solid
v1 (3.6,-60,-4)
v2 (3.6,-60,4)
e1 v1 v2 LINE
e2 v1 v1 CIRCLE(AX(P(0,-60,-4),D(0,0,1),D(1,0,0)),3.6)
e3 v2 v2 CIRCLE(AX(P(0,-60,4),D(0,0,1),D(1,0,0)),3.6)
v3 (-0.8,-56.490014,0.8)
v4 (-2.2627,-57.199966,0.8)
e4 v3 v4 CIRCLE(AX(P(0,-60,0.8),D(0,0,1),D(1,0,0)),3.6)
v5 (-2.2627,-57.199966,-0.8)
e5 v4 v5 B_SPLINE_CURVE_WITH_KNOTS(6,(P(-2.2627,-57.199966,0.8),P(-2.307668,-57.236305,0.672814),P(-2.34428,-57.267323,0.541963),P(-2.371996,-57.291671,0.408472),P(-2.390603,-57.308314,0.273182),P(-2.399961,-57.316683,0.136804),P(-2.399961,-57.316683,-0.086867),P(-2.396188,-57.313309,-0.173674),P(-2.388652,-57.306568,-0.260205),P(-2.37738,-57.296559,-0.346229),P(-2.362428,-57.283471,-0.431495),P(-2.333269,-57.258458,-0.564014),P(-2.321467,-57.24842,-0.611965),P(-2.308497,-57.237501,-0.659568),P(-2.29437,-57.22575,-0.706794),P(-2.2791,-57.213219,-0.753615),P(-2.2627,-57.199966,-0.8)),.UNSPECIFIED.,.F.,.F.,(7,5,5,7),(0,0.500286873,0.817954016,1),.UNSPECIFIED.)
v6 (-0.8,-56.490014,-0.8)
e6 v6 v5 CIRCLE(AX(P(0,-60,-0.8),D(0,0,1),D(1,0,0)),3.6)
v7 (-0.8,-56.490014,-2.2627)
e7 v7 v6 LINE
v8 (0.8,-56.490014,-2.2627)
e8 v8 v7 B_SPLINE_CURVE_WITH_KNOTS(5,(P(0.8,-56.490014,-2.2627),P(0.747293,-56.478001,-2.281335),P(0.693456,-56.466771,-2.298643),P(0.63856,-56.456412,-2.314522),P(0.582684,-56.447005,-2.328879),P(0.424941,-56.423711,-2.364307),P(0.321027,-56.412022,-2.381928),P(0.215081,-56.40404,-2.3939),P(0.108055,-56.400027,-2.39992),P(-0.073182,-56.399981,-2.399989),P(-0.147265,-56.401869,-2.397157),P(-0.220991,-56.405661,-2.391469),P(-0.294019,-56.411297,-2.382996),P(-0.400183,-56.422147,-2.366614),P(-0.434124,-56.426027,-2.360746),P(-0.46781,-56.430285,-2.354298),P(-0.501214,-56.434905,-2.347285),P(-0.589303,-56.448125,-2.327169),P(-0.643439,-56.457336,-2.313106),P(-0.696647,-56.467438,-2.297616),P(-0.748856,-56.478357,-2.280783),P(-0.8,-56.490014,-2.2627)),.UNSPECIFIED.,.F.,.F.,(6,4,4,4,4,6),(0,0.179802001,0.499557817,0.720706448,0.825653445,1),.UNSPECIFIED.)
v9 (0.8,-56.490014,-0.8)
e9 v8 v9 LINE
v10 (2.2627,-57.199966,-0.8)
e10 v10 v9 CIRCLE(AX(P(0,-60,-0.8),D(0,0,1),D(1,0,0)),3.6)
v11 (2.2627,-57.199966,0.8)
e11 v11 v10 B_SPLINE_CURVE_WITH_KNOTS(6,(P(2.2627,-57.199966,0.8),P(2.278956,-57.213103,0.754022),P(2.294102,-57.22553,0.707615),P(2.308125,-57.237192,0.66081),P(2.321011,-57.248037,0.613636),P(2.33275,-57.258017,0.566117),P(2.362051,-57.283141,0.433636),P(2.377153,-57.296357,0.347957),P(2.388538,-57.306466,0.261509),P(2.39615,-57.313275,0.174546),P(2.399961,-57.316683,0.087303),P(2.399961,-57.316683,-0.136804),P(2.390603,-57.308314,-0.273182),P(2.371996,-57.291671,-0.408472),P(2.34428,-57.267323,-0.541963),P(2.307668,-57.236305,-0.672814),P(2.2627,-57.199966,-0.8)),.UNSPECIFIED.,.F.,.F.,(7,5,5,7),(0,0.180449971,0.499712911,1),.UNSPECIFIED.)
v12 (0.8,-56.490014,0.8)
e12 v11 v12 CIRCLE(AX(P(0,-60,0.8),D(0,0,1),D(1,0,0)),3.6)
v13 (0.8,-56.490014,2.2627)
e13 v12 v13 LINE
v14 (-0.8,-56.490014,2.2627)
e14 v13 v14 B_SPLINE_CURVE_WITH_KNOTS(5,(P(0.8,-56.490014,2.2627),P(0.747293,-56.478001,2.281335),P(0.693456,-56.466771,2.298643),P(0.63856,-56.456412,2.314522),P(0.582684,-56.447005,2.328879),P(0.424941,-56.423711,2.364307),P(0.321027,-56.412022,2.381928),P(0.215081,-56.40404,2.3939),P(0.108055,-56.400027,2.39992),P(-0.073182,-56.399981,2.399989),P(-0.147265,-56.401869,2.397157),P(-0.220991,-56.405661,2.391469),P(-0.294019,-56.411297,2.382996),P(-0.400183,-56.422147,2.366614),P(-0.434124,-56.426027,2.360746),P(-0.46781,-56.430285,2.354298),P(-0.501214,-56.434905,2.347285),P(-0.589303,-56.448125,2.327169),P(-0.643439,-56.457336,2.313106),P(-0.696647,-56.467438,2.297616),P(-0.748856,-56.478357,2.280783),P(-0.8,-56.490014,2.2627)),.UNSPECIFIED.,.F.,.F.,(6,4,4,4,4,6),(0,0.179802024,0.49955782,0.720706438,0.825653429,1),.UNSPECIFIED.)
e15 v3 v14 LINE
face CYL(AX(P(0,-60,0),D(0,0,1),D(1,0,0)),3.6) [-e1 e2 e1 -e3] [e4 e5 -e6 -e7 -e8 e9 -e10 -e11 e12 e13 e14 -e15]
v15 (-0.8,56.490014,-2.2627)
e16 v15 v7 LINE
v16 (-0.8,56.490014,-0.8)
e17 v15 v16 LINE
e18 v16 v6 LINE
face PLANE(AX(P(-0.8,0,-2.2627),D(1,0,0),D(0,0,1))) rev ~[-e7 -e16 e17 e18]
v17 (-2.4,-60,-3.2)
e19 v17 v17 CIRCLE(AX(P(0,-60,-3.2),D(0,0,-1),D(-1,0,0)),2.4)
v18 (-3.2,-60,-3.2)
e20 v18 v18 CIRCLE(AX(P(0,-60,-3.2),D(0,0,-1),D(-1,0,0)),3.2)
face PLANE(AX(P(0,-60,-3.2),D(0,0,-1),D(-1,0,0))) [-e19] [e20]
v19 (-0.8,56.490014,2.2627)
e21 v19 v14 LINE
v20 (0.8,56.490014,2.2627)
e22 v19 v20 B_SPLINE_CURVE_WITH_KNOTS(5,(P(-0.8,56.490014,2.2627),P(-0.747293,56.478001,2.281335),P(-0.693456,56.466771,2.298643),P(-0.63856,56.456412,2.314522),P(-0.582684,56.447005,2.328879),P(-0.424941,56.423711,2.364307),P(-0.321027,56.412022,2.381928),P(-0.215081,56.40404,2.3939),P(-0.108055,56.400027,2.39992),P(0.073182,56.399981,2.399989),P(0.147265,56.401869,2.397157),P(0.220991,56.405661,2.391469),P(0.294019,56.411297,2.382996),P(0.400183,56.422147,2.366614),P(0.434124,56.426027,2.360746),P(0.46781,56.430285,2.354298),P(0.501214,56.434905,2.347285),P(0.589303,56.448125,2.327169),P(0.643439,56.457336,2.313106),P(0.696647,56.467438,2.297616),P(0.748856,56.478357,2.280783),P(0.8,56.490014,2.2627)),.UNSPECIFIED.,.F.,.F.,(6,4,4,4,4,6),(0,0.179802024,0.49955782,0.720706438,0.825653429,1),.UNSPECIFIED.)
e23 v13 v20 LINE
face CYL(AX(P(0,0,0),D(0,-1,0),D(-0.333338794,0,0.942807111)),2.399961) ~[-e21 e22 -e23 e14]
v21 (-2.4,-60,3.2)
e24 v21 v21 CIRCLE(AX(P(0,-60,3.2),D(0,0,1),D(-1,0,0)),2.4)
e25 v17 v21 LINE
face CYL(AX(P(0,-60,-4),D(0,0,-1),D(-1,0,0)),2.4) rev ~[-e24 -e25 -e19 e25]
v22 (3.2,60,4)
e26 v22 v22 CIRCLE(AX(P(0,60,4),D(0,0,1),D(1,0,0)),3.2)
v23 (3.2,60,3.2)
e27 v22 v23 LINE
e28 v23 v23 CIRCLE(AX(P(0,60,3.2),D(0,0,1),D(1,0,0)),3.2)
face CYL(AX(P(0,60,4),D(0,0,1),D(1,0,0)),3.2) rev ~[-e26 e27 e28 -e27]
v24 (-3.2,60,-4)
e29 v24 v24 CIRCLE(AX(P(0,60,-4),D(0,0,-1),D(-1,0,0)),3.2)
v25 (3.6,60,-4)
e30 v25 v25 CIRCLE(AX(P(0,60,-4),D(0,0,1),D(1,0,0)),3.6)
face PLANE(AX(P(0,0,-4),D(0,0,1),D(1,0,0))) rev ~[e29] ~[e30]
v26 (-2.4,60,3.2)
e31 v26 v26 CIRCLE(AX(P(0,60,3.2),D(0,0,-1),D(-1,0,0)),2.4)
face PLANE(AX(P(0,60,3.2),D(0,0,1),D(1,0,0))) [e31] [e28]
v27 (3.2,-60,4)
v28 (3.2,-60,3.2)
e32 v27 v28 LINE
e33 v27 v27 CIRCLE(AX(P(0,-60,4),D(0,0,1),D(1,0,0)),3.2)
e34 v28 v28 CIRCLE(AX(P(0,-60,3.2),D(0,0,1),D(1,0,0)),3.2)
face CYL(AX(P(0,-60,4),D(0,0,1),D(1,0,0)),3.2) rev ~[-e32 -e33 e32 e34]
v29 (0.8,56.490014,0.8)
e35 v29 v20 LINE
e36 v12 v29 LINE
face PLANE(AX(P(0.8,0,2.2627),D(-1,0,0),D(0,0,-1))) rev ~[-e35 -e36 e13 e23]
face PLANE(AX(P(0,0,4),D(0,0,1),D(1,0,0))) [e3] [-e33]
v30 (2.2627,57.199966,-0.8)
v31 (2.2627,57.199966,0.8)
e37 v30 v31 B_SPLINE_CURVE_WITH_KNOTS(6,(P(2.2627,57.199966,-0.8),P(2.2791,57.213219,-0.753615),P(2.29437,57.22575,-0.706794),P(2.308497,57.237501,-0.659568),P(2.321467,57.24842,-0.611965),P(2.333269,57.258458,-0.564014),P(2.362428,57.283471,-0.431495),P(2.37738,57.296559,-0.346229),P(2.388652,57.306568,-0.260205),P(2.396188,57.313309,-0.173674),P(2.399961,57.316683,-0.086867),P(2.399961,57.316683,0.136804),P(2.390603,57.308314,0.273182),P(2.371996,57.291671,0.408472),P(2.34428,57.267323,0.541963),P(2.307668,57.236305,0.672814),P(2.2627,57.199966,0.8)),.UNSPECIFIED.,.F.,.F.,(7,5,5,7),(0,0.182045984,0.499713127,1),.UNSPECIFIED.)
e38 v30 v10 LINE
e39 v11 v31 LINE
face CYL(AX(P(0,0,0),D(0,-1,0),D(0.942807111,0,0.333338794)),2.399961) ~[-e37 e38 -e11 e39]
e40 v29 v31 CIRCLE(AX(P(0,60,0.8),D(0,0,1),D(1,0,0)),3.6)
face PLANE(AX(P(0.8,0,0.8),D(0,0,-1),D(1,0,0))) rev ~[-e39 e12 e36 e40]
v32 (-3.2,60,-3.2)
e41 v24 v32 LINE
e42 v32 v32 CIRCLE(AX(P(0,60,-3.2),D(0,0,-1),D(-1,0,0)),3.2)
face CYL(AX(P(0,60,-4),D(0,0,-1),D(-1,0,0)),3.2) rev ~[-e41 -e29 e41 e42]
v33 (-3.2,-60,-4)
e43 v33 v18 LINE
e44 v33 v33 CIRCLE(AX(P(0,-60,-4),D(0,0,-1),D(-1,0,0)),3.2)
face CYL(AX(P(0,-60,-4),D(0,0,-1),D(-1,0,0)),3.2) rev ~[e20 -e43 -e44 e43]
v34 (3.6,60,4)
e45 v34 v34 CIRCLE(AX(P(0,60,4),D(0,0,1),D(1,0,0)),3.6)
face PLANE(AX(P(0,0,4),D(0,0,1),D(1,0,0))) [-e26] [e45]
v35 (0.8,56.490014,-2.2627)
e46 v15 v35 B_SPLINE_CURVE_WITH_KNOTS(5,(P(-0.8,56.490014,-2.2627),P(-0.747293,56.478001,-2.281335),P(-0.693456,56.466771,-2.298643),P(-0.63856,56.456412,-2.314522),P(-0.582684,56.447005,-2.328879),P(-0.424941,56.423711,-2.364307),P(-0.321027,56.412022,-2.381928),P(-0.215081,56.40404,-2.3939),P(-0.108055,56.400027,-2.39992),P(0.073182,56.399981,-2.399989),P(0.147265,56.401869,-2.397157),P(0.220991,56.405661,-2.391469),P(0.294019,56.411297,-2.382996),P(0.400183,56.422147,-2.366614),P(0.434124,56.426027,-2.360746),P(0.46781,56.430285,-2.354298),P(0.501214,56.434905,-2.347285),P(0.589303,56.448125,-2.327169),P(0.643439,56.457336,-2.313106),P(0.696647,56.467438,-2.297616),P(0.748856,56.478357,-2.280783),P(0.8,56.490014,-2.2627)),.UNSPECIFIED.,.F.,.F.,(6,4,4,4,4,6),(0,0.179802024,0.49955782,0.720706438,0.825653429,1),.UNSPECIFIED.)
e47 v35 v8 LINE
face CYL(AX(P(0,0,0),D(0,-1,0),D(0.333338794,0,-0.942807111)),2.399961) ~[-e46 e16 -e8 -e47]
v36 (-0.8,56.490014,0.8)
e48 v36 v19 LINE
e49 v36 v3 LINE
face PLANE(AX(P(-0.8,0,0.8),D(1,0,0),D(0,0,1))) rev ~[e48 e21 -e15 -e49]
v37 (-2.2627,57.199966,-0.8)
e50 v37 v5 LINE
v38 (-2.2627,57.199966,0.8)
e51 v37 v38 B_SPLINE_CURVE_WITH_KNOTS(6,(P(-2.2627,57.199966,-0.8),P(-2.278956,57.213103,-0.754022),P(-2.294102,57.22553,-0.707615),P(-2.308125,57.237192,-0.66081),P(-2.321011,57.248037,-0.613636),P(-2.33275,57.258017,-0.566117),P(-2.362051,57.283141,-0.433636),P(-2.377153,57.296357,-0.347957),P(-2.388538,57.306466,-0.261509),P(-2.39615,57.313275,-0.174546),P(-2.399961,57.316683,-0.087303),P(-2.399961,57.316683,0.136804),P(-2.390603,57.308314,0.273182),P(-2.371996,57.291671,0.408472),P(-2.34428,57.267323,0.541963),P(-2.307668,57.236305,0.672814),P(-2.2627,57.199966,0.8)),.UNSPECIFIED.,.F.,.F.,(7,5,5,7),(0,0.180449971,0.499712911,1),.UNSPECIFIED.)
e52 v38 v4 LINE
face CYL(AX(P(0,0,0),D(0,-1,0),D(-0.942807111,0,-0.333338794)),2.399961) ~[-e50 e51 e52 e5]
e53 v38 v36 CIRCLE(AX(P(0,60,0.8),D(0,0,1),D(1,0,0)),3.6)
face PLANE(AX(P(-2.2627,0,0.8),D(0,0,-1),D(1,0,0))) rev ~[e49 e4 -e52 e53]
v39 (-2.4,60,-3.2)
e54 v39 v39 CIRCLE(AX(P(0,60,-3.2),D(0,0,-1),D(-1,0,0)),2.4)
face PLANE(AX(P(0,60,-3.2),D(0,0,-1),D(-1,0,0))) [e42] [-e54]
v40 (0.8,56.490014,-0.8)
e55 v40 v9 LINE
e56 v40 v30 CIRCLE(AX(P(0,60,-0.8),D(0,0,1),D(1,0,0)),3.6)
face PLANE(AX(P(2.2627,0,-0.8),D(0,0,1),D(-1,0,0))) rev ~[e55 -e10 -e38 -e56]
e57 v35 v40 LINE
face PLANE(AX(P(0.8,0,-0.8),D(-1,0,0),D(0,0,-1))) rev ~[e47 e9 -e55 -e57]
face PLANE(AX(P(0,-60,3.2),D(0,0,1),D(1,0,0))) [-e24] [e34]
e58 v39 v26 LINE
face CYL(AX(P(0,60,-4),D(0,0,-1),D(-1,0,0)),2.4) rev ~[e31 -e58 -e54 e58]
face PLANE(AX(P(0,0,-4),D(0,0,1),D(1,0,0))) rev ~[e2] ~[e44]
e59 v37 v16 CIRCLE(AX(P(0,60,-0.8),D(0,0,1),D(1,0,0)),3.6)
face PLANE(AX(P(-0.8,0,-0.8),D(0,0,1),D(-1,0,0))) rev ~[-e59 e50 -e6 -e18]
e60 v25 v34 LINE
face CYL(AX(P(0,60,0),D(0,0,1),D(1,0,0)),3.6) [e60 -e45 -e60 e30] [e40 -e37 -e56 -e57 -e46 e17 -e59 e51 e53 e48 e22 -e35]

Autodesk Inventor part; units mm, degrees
ref_plane "YZ Plane" through (0, 0, 0) normal (1, 0, 0) x (0, 1, 0)
ref_plane "XZ Plane" through (0, 0, 0) normal (0, 1, 0) x (-1, 0, 0)
ref_plane "XY Plane" through (0, 0, 0) normal (0, 0, 1) x (1, 0, 0)
sketch "Sketch2" plane through (0, 0, 0) normal (0, 1, 0) x (-1, 0, 0)
  circle A0 centre (0, 0) radius 2.4 construction
  line L0 (-0.8, 2.2627) -> (-0.8, 0.8)
  line L1 (-0.8, 0.8) -> (-2.2627, 0.8)
  line L2 (-2.2627, -0.8) -> (-0.8, -0.8)
  line L3 (-0.8, -0.8) -> (-0.8, -2.2627)
  line L4 (0.8, -2.2627) -> (0.8, -0.8)
  line L5 (0.8, -0.8) -> (2.2627, -0.8)
  line L6 (2.2627, 0.8) -> (0.8, 0.8)
  line L7 (0.8, 0.8) -> (0.8, 2.2627)
  arc A1 (0.8, 2.2627) -> (-0.8, 2.2627) centre (0, 0) ccw
  arc A2 (-2.2627, 0.8) -> (-2.2627, -0.8) centre (0, 0) ccw
  arc A3 (-0.8, -2.2627) -> (0.8, -2.2627) centre (0, 0) ccw
  arc A4 (2.2627, -0.8) -> (2.2627, 0.8) centre (0, 0) ccw
  dimension "d1" = 4.8
  dimension "d0" = 1.6
extrude "Extrusion1" add sketch "Sketch2" along normal mid plane 120
sketch "Sketch3" plane through (0, 0, 0) normal (0, 0, 1) x (1, 0, 0)
  line L0 (0.8, 60) -> (-0.8, 60) projected
  line L1 (-0.8, -60) -> (0.8, -60) projected
  circle A0 centre (0, 60) radius 3.6
  circle A1 centre (0, 60) radius 2.4
  circle A2 centre (0, -60) radius 3.6
  circle A3 centre (0, -60) radius 2.4
  point P0 (0, 0)
  dimension "d4" = 7.2
  dimension "d5" = 4.8
extrude "Extrusion2" add sketch "Sketch3" along normal mid plane 8 contours A0 | A1 | A2 | A3
sketch "Sketch4" plane through (0, 60, -4) normal (0, 0, -1) x (-1, 0, 0)
  circle A0 centre (0, 0) radius 3.6 projected
  circle A1 centre (0, 0) radius 2.4
  circle A2 centre (0, -120) radius 3.6 projected
  circle A3 centre (0, -120) radius 2.4
  point P0 (0, -3.6)
  point P1 (0, -60)
  dimension "d10" = 4.8
extrude "Extrusion4" cut sketch "Sketch4" against normal through all contours A1 | A3
sketch "Skizze6" plane through (0, 60, -4) normal (0, 0, -1) x (-1, 0, 0)
  circle A0 centre (0, 0) radius 2.4 projected
  circle A1 centre (0, 0) radius 3.6 projected
  circle A2 centre (0, 0) radius 3.2
  point P0 (0, -60)
  dimension "d26" = 6.4
extrude "Extrusion5" cut sketch "Skizze6" against normal blind 0.8 contours A2
pattern_circular "Circular Pattern1" count 2 over 360 about axis through (0, 0, 0) along (0, -1, 0) of "Extrusion5"
pattern_linear "Rectangular Pattern1" count 2 spacing 120 along (0, -1, 0) of "Circular Pattern1", "Extrusion5"
equation "\"d1\" = kd"
equation "\"d0\" = axlet"
equation "\"d2\" = 15 * lu"
equation "\"d4\" = tlad"
equation "\"d5\" = tpd"
equation "\"d6\" = lu"
equation "\"d10\" = tpd"
equation "\"d11\" = tsl"
equation "\"d26\" = tsd"
equation "\"d27\" = tsl"
equation "\"d25\" = 15 * lu"
equation "\"kd\" = 4.8"
equation "\"axlet\" = 1.6"
equation "\"lu\" = 8"
equation "\"tlad\" = 7.2"
equation "\"tpd\" = 4.8"
equation "\"tsl\" = 0.8"
equation "\"tsd\" = 6.4"
properties part number "2739a-Black" material "ABS Plastic"
